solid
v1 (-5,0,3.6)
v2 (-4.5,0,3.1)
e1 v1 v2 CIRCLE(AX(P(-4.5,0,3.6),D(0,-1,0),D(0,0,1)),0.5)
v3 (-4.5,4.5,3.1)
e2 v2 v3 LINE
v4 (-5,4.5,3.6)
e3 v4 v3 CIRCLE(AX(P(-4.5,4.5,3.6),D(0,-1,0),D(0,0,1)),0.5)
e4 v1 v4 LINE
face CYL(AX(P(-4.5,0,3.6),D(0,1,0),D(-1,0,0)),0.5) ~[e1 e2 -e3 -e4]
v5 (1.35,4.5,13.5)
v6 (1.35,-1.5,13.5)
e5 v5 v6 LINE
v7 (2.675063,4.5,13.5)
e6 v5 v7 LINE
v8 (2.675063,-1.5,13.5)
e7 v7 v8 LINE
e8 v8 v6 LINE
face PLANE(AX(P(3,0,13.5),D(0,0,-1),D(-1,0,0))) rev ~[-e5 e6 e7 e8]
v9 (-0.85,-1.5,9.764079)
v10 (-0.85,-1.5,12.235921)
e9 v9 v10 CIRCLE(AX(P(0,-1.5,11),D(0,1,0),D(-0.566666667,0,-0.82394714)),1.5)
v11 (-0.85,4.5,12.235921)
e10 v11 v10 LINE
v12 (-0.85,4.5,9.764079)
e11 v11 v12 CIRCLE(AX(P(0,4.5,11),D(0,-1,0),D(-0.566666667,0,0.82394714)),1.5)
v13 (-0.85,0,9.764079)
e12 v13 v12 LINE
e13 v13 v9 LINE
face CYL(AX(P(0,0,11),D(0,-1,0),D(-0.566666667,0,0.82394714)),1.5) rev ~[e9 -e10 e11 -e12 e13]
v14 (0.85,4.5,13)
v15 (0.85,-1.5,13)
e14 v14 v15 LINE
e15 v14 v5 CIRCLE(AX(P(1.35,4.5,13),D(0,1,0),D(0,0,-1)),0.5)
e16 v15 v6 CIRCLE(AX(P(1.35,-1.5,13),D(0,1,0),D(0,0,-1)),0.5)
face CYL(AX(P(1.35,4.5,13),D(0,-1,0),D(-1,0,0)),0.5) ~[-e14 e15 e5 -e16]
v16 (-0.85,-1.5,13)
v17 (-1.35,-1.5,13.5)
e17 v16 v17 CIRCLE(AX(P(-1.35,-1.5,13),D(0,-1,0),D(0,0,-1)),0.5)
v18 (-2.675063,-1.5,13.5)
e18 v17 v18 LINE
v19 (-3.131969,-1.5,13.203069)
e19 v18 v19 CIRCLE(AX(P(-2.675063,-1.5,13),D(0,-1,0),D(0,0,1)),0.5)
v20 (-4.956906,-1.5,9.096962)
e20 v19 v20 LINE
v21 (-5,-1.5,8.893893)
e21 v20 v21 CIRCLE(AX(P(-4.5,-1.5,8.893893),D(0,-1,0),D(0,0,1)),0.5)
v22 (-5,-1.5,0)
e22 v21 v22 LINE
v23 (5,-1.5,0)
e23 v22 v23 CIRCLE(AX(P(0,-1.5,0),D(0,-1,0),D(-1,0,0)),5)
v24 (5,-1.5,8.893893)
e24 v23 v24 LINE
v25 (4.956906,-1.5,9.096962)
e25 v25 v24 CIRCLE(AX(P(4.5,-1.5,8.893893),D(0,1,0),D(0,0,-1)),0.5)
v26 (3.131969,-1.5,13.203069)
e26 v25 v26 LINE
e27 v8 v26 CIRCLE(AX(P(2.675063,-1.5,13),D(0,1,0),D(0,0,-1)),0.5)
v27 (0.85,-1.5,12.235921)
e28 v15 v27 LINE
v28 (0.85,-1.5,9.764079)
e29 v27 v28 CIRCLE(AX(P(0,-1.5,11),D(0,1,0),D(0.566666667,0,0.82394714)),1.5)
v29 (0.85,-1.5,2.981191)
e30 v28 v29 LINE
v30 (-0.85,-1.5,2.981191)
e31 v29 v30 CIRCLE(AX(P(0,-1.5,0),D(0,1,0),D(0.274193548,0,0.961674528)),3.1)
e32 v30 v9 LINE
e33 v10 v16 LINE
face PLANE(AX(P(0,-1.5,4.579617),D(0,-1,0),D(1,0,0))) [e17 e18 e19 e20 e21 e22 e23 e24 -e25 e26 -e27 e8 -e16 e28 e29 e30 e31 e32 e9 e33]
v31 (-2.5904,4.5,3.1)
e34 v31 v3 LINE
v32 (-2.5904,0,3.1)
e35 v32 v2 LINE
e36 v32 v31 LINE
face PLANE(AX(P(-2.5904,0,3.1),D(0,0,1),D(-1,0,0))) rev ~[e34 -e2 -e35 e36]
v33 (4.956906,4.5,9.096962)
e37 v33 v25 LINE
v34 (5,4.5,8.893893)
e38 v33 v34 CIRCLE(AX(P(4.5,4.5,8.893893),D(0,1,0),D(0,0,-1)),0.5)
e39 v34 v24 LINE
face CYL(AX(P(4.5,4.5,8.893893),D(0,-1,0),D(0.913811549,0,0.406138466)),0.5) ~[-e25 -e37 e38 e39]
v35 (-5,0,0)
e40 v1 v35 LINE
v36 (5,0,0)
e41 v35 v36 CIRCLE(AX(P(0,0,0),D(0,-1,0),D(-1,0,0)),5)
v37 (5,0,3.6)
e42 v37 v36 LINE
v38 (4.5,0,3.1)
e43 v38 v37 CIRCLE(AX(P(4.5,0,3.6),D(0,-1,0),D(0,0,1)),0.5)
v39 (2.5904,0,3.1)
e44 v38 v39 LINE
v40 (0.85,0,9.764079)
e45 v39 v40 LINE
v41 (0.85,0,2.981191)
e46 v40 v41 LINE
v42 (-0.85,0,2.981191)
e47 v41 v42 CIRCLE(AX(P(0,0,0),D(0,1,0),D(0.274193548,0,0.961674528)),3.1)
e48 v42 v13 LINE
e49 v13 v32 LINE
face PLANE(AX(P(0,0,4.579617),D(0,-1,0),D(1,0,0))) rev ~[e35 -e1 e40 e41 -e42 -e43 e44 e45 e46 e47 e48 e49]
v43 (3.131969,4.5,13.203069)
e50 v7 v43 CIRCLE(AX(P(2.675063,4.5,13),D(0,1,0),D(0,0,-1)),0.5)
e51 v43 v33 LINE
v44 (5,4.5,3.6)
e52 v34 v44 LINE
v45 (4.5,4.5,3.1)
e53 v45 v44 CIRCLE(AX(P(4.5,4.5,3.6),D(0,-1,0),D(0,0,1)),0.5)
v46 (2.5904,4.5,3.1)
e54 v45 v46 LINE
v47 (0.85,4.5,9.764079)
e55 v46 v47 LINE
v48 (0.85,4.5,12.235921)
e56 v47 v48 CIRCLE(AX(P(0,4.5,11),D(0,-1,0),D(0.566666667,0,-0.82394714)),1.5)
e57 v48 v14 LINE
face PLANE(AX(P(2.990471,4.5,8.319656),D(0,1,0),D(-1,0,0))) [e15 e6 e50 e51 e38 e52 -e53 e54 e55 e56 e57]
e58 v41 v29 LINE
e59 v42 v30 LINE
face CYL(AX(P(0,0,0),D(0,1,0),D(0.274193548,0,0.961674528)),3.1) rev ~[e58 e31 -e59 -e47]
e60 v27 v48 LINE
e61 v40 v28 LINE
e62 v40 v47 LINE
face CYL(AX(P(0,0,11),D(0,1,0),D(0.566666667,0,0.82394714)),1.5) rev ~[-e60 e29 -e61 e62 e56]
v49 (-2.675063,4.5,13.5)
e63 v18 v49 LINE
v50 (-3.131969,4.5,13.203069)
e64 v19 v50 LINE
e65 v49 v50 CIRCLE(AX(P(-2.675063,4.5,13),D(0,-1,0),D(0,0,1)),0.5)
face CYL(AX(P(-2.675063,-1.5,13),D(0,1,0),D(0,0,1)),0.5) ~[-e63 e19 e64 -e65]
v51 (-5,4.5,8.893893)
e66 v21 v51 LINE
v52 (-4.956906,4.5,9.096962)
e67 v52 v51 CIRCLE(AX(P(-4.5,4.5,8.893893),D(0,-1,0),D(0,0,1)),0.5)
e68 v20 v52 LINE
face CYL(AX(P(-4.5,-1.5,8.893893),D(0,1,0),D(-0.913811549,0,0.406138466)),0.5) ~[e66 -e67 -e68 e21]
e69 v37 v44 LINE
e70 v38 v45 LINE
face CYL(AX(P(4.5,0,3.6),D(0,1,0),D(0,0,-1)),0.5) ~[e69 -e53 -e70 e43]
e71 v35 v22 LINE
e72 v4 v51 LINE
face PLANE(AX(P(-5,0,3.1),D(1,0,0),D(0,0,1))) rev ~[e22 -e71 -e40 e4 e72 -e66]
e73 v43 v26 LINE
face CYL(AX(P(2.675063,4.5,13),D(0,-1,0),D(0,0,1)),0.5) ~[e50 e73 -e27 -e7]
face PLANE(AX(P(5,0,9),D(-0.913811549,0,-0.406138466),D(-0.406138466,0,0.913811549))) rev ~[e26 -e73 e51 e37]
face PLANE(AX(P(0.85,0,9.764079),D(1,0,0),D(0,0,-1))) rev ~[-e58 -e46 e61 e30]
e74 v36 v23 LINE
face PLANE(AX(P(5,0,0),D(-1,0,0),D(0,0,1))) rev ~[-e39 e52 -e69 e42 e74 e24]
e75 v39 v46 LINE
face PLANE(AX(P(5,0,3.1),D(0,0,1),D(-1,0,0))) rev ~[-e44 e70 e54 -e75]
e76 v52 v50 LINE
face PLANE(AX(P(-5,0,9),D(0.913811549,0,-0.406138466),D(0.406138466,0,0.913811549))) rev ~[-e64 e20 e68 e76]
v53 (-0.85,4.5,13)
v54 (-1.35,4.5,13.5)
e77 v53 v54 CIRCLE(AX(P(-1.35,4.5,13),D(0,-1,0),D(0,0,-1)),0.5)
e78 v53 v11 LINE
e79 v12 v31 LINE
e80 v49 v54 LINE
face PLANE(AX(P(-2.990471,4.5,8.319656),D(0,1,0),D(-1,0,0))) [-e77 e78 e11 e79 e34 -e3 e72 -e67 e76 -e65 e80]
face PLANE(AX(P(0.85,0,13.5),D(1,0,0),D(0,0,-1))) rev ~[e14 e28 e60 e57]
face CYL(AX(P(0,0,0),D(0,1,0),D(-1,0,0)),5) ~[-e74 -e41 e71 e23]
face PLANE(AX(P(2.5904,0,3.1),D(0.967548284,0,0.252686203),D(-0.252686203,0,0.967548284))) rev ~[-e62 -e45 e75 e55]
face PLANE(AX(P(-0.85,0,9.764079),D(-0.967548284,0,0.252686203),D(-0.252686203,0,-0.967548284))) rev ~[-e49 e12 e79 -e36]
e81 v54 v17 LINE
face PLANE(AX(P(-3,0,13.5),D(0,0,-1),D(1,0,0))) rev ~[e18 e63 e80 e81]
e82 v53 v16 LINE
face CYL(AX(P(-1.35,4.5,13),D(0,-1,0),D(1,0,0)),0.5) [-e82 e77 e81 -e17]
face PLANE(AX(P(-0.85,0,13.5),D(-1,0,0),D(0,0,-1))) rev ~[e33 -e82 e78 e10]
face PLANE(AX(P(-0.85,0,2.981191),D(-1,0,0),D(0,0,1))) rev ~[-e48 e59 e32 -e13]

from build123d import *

# Parameters (mm, degrees)
F1_DEPTH = 1.5
F3_DEPTH = 4.5
F4_R     = 0.5


with BuildPart() as f1:
    # F0 (on Front) → F1 (new body)
    with BuildSketch(Plane.XZ):
        with BuildLine():
            ThreePointArc((0.85, 2.9811910372), (0, -3.1), (-0.85, 2.9811910372))
            Line((-0.85, 2.9811910372), (-0.85, 9.7640792906))
            ThreePointArc((-0.85, 9.7640792906), (-1.5, 11), (-0.85, 12.2359207094))
            Line((-0.85, 12.2359207094), (-0.85, 13.5))
            Line((-0.85, 13.5), (-3, 13.5))
            Line((-3, 13.5), (-5, 9))
            Line((-5, 9), (-5, 0))
            ThreePointArc((-5, 0), (0, -5), (5, 0))
            Line((5, 0), (5, 9))
            Line((5, 9), (3, 13.5))
            Line((3, 13.5), (0.85, 13.5))
            Line((0.85, 13.5), (0.85, 12.2359207094))
            ThreePointArc((0.85, 12.2359207094), (1.5, 11), (0.85, 9.7640792906))
            Line((0.85, 9.7640792906), (0.85, 2.9811910372))
        make_face()
    extrude(amount=F1_DEPTH)

    # F2 (on face) → F3 (join)
    with BuildSketch(Plane(origin=(0, 0, 0), x_dir=(-1, 0, 0), z_dir=(0, 1, 0))):
        with BuildLine():
            Line((0.85, 9.7640792906), (2.590399856, 3.1))
            Line((2.590399856, 3.1), (5, 3.1))
            Line((5, 3.1), (5, 9))
            Line((5, 9), (3, 13.5))
            Line((3, 13.5), (0.85, 13.5))
            Line((0.85, 13.5), (0.85, 12.2359207094))
            ThreePointArc((0.85, 12.2359207094), (1.5, 11), (0.85, 9.7640792906))
        make_face()
        with BuildLine():
            Line((-5, 3.1), (-2.590399856, 3.1))
            Line((-2.590399856, 3.1), (-0.85, 9.7640792906))
            ThreePointArc((-0.85, 9.7640792906), (-1.5, 11), (-0.85, 12.2359207094))
            Line((-0.85, 12.2359207094), (-0.85, 13.5))
            Line((-0.85, 13.5), (-3, 13.5))
            Line((-3, 13.5), (-5, 9))
            Line((-5, 9), (-5, 3.1))
        make_face()
    extrude(amount=F3_DEPTH)

    # F4
    f4_edges = [f1.edges().sort_by_distance(p)[0] for p in [
        (3, 1.5, 13.5),
        (5, 1.5, 9),
        (-3, 1.5, 13.5),
        (-5, 1.5, 9),
        (0.85, 1.5, 13.5),
        (-0.85, 1.5, 13.5),
        (5, 2.25, 3.1),
        (-5, 2.25, 3.1),
    ]]
    fillet(f4_edges, radius=F4_R)


solid = f1.part
